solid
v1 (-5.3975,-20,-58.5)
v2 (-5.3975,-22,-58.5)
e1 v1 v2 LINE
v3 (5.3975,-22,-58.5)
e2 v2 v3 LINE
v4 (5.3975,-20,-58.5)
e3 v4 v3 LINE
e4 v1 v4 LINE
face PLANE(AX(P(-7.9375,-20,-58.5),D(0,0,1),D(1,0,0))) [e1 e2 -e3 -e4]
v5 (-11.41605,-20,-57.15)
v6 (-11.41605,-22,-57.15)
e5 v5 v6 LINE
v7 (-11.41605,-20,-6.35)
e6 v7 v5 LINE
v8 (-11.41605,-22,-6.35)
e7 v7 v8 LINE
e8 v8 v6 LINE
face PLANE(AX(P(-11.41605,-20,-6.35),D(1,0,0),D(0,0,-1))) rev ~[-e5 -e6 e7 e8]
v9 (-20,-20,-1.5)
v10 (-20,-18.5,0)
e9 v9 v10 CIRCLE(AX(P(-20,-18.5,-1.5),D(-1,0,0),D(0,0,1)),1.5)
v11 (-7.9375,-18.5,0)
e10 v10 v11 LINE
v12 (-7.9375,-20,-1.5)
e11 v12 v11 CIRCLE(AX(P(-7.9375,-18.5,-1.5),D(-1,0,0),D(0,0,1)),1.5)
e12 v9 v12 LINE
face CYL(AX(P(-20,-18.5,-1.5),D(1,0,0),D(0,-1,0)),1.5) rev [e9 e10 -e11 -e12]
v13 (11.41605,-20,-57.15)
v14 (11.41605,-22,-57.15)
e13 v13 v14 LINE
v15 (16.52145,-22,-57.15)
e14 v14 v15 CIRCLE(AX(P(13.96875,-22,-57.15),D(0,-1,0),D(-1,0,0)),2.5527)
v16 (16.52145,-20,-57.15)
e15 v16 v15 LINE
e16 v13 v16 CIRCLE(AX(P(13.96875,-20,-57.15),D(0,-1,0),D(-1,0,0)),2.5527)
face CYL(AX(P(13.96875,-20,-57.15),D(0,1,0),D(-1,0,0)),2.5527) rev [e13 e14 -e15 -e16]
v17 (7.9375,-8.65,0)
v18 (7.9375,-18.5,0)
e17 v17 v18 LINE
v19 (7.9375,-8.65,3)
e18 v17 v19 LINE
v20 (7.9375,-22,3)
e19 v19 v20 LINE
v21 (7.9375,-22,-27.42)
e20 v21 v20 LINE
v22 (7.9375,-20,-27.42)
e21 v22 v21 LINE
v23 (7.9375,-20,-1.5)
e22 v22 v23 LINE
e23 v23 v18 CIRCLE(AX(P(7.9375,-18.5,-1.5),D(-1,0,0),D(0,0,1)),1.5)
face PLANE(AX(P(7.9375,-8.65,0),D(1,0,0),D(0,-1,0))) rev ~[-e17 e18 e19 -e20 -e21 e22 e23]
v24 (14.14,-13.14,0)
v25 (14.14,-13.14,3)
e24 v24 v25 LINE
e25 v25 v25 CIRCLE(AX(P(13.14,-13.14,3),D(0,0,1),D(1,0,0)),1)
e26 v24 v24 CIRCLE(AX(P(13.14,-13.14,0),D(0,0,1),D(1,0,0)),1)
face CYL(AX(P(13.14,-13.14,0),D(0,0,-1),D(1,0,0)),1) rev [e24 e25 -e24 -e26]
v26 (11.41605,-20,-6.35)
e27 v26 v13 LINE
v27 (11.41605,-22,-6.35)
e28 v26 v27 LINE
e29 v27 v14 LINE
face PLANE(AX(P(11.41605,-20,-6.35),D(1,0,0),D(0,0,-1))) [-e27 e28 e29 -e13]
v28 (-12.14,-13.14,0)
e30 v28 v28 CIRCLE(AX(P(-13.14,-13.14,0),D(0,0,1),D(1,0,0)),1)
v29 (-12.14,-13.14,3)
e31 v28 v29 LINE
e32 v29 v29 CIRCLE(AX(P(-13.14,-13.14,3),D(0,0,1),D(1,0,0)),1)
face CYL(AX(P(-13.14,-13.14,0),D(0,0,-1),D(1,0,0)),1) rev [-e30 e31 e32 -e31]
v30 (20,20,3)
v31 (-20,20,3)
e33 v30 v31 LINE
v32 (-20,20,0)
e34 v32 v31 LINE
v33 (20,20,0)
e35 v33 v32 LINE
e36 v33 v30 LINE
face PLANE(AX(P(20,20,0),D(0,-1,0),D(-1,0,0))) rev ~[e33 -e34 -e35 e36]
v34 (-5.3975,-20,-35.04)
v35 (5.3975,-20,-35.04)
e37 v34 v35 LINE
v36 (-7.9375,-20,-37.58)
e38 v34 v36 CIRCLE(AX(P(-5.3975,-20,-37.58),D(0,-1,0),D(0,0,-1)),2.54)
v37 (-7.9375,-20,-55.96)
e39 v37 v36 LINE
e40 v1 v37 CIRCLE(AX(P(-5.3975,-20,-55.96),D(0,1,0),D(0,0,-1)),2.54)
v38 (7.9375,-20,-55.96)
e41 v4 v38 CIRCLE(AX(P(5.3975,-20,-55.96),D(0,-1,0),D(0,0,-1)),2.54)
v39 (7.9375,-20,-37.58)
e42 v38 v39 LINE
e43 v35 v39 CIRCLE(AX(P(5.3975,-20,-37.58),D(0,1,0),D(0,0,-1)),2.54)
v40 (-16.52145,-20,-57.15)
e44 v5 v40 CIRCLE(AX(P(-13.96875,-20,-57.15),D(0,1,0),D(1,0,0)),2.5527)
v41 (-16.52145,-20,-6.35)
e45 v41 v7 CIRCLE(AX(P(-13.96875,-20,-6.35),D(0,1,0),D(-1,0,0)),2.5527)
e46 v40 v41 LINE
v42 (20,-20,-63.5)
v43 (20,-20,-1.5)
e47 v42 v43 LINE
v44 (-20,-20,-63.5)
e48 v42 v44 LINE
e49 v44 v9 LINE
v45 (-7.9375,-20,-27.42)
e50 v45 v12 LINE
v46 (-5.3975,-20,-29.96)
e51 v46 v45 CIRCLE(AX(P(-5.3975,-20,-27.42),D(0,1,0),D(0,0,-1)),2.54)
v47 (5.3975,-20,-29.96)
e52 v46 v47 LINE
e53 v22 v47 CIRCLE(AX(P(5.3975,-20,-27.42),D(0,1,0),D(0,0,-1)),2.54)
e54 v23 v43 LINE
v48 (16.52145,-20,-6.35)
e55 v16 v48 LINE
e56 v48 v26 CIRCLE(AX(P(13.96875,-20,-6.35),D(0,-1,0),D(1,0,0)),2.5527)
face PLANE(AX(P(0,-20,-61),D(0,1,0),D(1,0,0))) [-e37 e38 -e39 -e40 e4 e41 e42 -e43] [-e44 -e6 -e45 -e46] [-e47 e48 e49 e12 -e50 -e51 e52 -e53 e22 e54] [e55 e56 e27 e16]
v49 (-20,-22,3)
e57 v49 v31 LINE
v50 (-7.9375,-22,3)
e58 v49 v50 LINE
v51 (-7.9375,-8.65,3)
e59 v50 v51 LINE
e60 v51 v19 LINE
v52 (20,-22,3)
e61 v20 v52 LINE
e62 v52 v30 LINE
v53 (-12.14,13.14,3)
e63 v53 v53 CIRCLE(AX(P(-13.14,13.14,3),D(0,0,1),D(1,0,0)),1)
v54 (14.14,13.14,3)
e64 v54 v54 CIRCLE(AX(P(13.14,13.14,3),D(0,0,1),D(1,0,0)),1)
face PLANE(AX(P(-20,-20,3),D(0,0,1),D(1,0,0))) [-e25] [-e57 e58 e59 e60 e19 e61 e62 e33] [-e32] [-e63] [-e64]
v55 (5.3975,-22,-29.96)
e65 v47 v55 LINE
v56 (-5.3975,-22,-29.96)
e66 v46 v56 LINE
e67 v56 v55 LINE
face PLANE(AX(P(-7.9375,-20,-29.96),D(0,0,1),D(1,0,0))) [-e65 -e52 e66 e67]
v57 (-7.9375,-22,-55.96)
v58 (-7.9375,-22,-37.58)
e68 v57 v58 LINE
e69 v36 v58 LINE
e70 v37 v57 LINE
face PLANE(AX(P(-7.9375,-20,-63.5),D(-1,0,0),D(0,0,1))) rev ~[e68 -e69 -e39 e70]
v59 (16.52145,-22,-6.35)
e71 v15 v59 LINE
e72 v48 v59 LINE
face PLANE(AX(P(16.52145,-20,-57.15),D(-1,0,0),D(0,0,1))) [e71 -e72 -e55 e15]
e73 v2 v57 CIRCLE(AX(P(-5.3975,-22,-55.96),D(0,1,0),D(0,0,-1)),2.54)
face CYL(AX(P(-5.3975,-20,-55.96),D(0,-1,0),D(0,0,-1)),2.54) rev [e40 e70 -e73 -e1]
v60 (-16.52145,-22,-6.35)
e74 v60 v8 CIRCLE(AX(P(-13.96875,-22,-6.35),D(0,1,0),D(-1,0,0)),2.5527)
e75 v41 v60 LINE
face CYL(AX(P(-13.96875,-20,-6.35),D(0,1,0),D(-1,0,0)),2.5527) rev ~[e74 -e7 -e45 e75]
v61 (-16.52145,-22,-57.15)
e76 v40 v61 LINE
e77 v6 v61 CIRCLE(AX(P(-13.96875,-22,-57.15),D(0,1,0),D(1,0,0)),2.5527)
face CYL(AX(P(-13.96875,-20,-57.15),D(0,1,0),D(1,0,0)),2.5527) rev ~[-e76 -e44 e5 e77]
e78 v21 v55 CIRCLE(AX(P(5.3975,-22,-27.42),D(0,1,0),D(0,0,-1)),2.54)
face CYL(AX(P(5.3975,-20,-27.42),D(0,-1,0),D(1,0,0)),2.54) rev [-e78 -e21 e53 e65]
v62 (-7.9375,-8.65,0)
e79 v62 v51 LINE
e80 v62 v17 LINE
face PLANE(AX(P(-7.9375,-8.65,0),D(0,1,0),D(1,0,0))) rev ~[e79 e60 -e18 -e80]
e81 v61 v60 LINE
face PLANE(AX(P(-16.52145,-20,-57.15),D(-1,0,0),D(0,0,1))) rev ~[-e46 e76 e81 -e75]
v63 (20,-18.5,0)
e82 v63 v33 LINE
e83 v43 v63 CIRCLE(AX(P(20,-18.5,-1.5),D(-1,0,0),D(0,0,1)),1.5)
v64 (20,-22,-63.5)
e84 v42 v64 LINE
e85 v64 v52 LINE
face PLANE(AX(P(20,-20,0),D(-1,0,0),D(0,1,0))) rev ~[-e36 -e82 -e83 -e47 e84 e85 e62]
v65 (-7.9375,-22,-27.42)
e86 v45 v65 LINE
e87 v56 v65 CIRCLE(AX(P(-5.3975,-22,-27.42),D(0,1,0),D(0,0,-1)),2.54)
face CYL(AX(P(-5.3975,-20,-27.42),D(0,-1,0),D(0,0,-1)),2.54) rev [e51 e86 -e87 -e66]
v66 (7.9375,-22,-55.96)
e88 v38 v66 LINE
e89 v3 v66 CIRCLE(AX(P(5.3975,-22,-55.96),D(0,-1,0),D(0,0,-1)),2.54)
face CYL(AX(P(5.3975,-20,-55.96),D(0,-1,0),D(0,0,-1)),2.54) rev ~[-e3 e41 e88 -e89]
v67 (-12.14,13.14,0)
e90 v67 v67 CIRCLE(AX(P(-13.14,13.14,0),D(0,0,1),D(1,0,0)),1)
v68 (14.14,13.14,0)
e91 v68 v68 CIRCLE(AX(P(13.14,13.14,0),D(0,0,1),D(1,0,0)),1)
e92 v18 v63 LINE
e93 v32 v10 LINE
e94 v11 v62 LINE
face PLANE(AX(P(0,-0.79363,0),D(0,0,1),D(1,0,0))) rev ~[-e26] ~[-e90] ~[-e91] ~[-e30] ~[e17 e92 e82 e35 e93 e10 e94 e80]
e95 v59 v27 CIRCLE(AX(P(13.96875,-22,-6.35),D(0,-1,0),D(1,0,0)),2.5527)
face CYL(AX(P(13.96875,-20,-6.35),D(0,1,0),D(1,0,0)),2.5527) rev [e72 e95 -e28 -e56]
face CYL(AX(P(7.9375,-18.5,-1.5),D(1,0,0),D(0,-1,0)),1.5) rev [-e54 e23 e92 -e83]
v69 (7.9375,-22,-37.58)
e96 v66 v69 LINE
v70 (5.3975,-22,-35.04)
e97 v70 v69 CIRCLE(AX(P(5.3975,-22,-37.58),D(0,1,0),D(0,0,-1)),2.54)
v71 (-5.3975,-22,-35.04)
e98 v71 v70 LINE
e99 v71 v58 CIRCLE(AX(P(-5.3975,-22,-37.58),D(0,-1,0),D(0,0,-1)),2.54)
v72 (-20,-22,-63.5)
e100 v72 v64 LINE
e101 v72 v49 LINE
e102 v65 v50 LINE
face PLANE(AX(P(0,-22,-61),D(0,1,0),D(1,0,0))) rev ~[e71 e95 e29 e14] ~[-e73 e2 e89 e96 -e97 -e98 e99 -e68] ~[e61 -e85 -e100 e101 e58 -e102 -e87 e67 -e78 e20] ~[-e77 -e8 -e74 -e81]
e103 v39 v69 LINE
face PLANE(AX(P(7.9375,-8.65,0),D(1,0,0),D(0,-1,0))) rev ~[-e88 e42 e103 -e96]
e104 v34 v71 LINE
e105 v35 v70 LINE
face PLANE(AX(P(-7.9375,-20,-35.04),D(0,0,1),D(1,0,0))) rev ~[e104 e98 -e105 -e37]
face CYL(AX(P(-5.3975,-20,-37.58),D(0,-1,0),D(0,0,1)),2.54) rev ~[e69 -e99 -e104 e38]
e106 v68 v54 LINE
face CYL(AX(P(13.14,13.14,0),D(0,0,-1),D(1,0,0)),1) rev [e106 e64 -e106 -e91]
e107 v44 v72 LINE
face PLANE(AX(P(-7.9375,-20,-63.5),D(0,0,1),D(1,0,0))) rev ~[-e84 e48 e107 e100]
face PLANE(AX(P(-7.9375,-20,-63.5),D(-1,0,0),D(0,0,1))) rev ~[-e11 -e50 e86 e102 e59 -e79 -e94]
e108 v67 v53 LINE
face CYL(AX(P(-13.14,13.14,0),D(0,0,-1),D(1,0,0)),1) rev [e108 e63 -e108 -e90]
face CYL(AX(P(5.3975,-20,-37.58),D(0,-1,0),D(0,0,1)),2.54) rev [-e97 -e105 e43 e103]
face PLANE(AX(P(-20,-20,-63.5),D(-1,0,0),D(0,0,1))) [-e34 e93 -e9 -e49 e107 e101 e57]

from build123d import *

# Parameters (mm, degrees)
SKETCH1_R           = 1
BOSS_EXTRUDE1_DEPTH = 3
SKETCH2_W           = 12.0625
SKETCH2_H           = 66.5
BOSS_EXTRUDE2_DEPTH = 2
FILLET1_R           = 1.5
SKETCH3_W           = 15.875
SKETCH3_H           = 5
SKETCH3_H_2         = 5.08
BOSS_EXTRUDE3_DEPTH = 2
FILLET2_R           = 2.54


with BuildPart() as part:
    # Sketch1 → Boss-Extrude1 (new body)
    with BuildSketch(Plane.XY):
        Polygon((-20, 20), (-20, -20), (-7.9375, -20), (-7.9375, -8.65), (7.9375, -8.65), (7.9375, -20), (20, -20), (20, 20), align=None)
        with Locations((-13.14, -13.14)):
            Circle(SKETCH1_R, mode=Mode.SUBTRACT)
        with Locations((13.14, -13.14)):
            Circle(SKETCH1_R, mode=Mode.SUBTRACT)
        with Locations((-13.14, 13.14)):
            Circle(SKETCH1_R, mode=Mode.SUBTRACT)
        with Locations((13.14, 13.14)):
            Circle(SKETCH1_R, mode=Mode.SUBTRACT)
    extrude(amount=BOSS_EXTRUDE1_DEPTH)

    # Sketch2 → Boss-Extrude2 (add)
    with BuildSketch(Plane.XZ.offset(20)):
        with Locations((-13.96875, -30.25)):
            Rectangle(SKETCH2_W, SKETCH2_H)
        with BuildLine():
            Line((-11.41605, -6.35), (-11.41605, -57.15))
            ThreePointArc((-11.41605, -57.15), (-13.96875, -59.7027), (-16.52145, -57.15))
            Line((-16.52145, -57.15), (-16.52145, -6.35))
            ThreePointArc((-16.52145, -6.35), (-13.96875, -3.7973), (-11.41605, -6.35))
        make_face(mode=Mode.SUBTRACT)
        with Locations((13.96875, -30.25)):
            Rectangle(SKETCH2_W, SKETCH2_H)
        with BuildLine():
            Line((11.41605, -6.35), (11.41605, -57.15))
            ThreePointArc((11.41605, -57.15), (13.96875, -59.7027), (16.52145, -57.15))
            Line((16.52145, -57.15), (16.52145, -6.35))
            ThreePointArc((16.52145, -6.35), (13.96875, -3.7973), (11.41605, -6.35))
        make_face(mode=Mode.SUBTRACT)
    extrude(amount=BOSS_EXTRUDE2_DEPTH)

    # Fillet1
    fillet1_edges = [part.edges().sort_by_distance(p)[0] for p in [
        (13.96875, -20, 0),
        (-13.96875, -20, 0),
    ]]
    fillet(fillet1_edges, radius=FILLET1_R)

    # Sketch3 → Boss-Extrude3 (add)
    with BuildSketch(Plane(origin=(0, -20, 0), x_dir=(1, 0, 0), z_dir=(0, 1, 0))):
        with Locations((0, 61)):
            Rectangle(SKETCH3_W, SKETCH3_H)
        with Locations((0, 32.5)):
            Rectangle(SKETCH3_W, SKETCH3_H_2)
    extrude(amount=-BOSS_EXTRUDE3_DEPTH)

    # Fillet2
    fillet2_edges = [part.edges().sort_by_distance(p)[0] for p in [
        (7.9375, -21, -58.5),
        (-7.9375, -21, -58.5),
        (7.9375, -21, -29.96),
        (7.9375, -21, -35.04),
        (-7.9375, -21, -35.04),
        (-7.9375, -21, -29.96),
    ]]
    fillet(fillet2_edges, radius=FILLET2_R)


solid = part.part
